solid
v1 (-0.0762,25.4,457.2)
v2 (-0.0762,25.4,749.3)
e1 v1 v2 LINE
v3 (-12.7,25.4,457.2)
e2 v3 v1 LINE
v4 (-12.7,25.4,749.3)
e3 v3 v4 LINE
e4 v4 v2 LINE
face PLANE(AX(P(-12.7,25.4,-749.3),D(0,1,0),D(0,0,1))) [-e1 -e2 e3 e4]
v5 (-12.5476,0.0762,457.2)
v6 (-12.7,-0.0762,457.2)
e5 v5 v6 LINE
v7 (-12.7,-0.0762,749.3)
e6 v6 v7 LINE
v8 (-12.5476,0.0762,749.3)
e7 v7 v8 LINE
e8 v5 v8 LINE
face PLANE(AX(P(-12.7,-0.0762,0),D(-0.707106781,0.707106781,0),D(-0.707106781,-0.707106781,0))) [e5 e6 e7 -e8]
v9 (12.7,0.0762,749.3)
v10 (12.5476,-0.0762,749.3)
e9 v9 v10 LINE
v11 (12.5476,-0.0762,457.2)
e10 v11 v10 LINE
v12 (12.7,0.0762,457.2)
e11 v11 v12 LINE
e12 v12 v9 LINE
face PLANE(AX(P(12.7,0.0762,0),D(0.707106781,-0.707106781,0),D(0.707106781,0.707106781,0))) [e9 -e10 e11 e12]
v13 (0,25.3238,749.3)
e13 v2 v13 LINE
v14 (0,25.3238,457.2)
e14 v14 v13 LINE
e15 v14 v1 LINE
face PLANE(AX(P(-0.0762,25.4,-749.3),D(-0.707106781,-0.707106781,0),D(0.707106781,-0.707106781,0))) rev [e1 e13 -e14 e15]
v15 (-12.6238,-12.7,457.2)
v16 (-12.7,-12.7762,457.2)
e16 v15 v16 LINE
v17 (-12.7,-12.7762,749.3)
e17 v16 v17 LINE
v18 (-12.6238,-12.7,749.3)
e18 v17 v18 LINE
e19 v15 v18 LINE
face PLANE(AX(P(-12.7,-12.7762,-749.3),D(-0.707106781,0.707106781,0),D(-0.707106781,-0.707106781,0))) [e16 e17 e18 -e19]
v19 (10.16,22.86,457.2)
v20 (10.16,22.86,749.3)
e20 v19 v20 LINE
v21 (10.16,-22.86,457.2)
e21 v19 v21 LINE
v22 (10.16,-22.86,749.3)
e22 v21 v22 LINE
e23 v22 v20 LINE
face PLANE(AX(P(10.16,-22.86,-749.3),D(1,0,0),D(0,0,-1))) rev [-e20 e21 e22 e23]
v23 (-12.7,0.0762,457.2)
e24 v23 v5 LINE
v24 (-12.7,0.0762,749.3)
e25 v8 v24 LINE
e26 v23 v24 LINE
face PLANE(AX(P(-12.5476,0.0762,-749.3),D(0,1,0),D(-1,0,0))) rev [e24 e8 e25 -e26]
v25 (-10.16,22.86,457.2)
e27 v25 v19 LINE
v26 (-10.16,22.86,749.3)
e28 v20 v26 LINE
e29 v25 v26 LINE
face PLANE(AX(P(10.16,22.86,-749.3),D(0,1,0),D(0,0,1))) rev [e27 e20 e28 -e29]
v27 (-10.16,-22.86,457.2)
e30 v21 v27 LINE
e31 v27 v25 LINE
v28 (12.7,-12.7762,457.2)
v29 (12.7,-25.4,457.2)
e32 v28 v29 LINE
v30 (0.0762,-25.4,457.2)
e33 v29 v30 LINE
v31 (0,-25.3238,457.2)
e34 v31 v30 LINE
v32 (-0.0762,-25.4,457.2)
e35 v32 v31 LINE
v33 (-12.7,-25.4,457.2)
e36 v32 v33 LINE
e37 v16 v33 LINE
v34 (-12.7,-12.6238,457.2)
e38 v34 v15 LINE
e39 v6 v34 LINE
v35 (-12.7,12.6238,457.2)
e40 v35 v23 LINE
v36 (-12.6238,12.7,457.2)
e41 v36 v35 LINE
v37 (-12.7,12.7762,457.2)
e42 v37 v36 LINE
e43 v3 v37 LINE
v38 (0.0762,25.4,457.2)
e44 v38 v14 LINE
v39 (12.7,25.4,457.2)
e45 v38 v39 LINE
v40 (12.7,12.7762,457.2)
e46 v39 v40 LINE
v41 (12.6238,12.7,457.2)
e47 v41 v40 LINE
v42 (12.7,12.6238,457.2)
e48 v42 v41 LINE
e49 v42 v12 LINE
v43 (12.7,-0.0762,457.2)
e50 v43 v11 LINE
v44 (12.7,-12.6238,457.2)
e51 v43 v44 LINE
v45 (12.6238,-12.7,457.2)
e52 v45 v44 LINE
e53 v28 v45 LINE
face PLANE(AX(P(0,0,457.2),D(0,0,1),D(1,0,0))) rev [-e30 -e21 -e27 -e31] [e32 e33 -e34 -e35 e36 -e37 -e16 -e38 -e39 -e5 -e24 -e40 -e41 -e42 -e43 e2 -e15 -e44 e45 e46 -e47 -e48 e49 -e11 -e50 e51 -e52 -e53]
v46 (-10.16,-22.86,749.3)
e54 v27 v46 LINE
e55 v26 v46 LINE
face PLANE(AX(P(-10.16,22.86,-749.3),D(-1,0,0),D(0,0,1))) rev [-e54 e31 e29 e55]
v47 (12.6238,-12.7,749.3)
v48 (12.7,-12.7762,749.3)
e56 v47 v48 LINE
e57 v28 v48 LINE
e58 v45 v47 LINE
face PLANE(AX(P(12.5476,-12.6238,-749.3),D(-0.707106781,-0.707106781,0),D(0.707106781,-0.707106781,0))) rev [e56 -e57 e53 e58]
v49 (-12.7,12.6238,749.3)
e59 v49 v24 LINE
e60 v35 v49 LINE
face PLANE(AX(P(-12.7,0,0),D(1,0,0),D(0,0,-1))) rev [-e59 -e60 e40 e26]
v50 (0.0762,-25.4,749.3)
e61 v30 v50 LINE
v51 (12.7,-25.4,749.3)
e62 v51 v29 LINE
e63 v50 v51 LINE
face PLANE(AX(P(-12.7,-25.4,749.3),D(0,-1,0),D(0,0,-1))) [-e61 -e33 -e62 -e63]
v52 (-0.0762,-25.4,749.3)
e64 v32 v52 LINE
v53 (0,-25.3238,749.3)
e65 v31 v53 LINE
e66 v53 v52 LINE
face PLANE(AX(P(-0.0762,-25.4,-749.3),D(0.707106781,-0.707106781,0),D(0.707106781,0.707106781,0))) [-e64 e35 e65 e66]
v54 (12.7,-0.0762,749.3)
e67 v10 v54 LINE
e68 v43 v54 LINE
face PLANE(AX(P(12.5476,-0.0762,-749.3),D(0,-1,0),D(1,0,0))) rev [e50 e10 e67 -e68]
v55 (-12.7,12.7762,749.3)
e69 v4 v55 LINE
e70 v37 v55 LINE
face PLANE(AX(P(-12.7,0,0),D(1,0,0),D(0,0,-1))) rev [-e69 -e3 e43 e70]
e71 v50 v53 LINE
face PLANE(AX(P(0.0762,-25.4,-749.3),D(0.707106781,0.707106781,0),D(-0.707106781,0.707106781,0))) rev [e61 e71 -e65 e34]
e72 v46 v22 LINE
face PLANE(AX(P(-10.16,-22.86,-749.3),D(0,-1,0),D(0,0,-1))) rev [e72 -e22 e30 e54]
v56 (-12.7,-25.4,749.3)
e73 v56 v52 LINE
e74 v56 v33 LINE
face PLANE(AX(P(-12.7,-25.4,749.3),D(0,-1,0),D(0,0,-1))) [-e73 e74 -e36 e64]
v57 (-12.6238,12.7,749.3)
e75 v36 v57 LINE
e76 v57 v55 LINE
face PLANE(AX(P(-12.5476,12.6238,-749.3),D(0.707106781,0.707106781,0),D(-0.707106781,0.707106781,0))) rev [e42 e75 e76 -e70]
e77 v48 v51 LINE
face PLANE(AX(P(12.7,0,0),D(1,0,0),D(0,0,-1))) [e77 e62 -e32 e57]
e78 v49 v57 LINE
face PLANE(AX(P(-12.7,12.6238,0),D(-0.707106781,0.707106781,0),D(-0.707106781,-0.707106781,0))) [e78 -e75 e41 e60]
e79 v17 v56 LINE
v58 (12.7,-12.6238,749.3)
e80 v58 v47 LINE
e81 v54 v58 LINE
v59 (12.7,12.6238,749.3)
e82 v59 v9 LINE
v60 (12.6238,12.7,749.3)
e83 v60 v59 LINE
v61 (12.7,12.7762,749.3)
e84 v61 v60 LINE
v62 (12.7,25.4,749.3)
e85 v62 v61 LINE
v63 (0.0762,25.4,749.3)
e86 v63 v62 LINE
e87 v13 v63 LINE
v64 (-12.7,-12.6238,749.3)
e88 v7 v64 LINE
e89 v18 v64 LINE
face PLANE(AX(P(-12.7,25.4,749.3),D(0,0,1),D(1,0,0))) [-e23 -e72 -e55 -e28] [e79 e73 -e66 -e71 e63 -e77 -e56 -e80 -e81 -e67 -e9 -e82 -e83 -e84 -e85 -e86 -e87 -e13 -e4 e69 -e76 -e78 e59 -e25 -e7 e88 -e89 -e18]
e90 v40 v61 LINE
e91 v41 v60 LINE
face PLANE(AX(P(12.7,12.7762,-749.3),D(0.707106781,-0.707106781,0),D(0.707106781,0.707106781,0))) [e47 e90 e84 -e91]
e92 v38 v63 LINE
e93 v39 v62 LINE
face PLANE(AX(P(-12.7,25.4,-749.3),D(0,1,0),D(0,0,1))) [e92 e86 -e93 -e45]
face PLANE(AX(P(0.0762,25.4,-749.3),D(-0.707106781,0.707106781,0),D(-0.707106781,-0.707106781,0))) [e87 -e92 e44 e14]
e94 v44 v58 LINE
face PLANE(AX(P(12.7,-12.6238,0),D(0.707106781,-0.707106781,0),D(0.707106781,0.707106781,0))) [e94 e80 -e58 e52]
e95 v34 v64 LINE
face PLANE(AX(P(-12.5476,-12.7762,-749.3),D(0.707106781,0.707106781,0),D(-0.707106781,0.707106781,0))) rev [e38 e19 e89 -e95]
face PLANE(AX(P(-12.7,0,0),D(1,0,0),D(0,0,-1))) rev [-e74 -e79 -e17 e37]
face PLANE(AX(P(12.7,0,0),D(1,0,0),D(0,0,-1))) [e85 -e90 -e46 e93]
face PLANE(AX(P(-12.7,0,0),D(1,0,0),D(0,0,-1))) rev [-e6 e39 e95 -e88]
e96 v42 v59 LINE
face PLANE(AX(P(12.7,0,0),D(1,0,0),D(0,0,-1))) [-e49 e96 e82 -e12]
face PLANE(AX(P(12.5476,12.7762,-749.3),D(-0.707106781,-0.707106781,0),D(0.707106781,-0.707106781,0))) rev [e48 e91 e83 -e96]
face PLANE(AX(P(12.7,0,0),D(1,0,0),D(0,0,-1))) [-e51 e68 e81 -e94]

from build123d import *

# Parameters (mm, degrees)
SKETCH1_W           = 1498.6
SKETCH1_H           = 50.8
BOSS_EXTRUDE1_DEPTH = 25.4
CUT_EXTRUDE1_DEPTH  = 1498.6
CUT_EXTRUDE2_DEPTH  = 1499.869043646
CUT_EXTRUDE3_DEPTH  = 1498.6
CUT_EXTRUDE4_DEPTH  = 1498.6
CUT_EXTRUDE5_DEPTH  = 1499.869043646
CUT_EXTRUDE6_DEPTH  = 1499.869043646
CUT_EXTRUDE7_DEPTH  = 1498.6
CUT_EXTRUDE8_DEPTH  = 1498.6
SKETCH10_W          = 20.32
SKETCH10_H          = 45.72
CUT_EXTRUDE9_DEPTH  = 1499.869043646
DRAFT1_ANGLE        = 45
DRAFT2_ANGLE        = 45.000000005
DRAFT3_ANGLE        = 45
DRAFT4_ANGLE        = 45
DRAFT5_ANGLE        = 45
DRAFT6_ANGLE        = 44.999999995
SKETCH11_W          = 61.962293059
SKETCH11_H          = 88.678950317
CUT_EXTRUDE10_DEPTH = 1206.5


with BuildPart() as part:
    # Sketch1 → Boss-Extrude1 (new body)
    with BuildSketch(Plane(origin=(12.7, 0, 0), x_dir=(0, 0, -1), z_dir=(1, 0, 0))):
        Rectangle(SKETCH1_W, SKETCH1_H)
    extrude(amount=-BOSS_EXTRUDE1_DEPTH)

    # Sketch2 → Cut-Extrude1 (cut)
    with BuildSketch(Plane.XY.offset(749.3)):
        Polygon((0.0762, 25.4), (-0.0762, 25.4), (0.0762, 25.2476), align=None)
    extrude(amount=-CUT_EXTRUDE1_DEPTH, mode=Mode.SUBTRACT)

    # Sketch3 → Cut-Extrude2 (cut, through all)
    with BuildSketch(Plane.XY.offset(749.3)):
        Polygon((12.7, 12.6238), (12.7, 12.7762), (12.5476, 12.7762), align=None)
    extrude(amount=-CUT_EXTRUDE2_DEPTH, mode=Mode.SUBTRACT)

    # Sketch4 → Cut-Extrude3 (cut)
    with BuildSketch(Plane.XY.offset(749.3)):
        Polygon((12.7, -0.0762), (12.7, 0.0762), (12.5476, -0.0762), align=None)
    extrude(amount=-CUT_EXTRUDE3_DEPTH, mode=Mode.SUBTRACT)

    # Sketch5 → Cut-Extrude4 (cut)
    with BuildSketch(Plane.XY.offset(749.3)):
        Polygon((12.7, -12.7762), (12.7, -12.6238), (12.5476, -12.6238), align=None)
    extrude(amount=-CUT_EXTRUDE4_DEPTH, mode=Mode.SUBTRACT)

    # Sketch6 → Cut-Extrude5 (cut, through all)
    with BuildSketch(Plane.XY.offset(749.3)):
        Polygon((0.0762, -25.4), (-0.0762, -25.2476), (-0.0762, -25.4), align=None)
    extrude(amount=-CUT_EXTRUDE5_DEPTH, mode=Mode.SUBTRACT)

    # Sketch7 → Cut-Extrude6 (cut, through all)
    with BuildSketch(Plane.XY.offset(749.3)):
        Polygon((-12.7, -12.6238), (-12.7, -12.7762), (-12.5476, -12.7762), align=None)
    extrude(amount=-CUT_EXTRUDE6_DEPTH, mode=Mode.SUBTRACT)

    # Sketch8 → Cut-Extrude7 (cut)
    with BuildSketch(Plane.XY.offset(749.3)):
        Polygon((-12.7, 0.0762), (-12.7, -0.0762), (-12.5476, 0.0762), align=None)
    extrude(amount=-CUT_EXTRUDE7_DEPTH, mode=Mode.SUBTRACT)

    # Sketch9 → Cut-Extrude8 (cut)
    with BuildSketch(Plane.XY.offset(749.3)):
        Polygon((-12.7, 12.7762), (-12.7, 12.6238), (-12.5476, 12.6238), align=None)
    extrude(amount=-CUT_EXTRUDE8_DEPTH, mode=Mode.SUBTRACT)

    # Sketch10 → Cut-Extrude9 (cut, through all)
    with BuildSketch(Plane.XY.offset(749.3)):
        Rectangle(SKETCH10_W, SKETCH10_H)
    extrude(amount=-CUT_EXTRUDE9_DEPTH, mode=Mode.SUBTRACT)

    # Draft1
    draft1_faces = [part.faces().sort_by_distance(p)[0] for p in [
        (0.0762, 25.3238, 0),
    ]]
    draft(draft1_faces, Plane(origin=(-12.7, 25.4, -749.3), x_dir=(0, 0, 1), z_dir=(0, 1, 0)), DRAFT1_ANGLE)

    # Draft2
    draft2_faces = [part.faces().sort_by_distance(p)[0] for p in [
        (12.6238, 12.7762, 0),
    ]]
    draft(draft2_faces, Plane(origin=(12.7, 0, 0), x_dir=(0, 0, 1), z_dir=(1, 0, 0)), DRAFT2_ANGLE)

    # Draft3
    draft3_faces = [part.faces().sort_by_distance(p)[0] for p in [
        (-0.0762, -25.3238, 0),
    ]]
    draft(draft3_faces, Plane(origin=(-12.7, -25.4, 749.3), x_dir=(0, 0, -1), z_dir=(0, -1, 0)), DRAFT3_ANGLE)

    # Draft4
    draft4_faces = [part.faces().sort_by_distance(p)[0] for p in [
        (-12.6238, -12.7762, 0),
    ]]
    draft(draft4_faces, Plane(origin=(-12.7, 0, 0), x_dir=(0, 0, -1), z_dir=(-1, 0, 0)), DRAFT4_ANGLE)

    # Draft5
    draft5_faces = [part.faces().sort_by_distance(p)[0] for p in [
        (12.6238, -12.6238, 0),
        (12.6238, 0, 0),
    ]]
    draft(draft5_faces, Plane(origin=(12.7, 0, 0), x_dir=(0, 0, 1), z_dir=(1, 0, 0)), DRAFT5_ANGLE)

    # Draft6
    draft6_faces = [part.faces().sort_by_distance(p)[0] for p in [
        (-12.6238, 0, 0),
        (-12.6238, 12.6238, 0),
    ]]
    draft(draft6_faces, Plane(origin=(-12.7, 0, 0), x_dir=(0, 0, -1), z_dir=(-1, 0, 0)), DRAFT6_ANGLE)

    # Sketch11 → Cut-Extrude10 (cut)
    with BuildSketch(Plane(origin=(0, 0, -749.3), x_dir=(-1, 0, 0), z_dir=(0, 0, -1))):
        with Locations((-2.92473676, 0.325700182)):
            Rectangle(SKETCH11_W, SKETCH11_H)
    extrude(amount=-CUT_EXTRUDE10_DEPTH, mode=Mode.SUBTRACT)


solid = part.part
